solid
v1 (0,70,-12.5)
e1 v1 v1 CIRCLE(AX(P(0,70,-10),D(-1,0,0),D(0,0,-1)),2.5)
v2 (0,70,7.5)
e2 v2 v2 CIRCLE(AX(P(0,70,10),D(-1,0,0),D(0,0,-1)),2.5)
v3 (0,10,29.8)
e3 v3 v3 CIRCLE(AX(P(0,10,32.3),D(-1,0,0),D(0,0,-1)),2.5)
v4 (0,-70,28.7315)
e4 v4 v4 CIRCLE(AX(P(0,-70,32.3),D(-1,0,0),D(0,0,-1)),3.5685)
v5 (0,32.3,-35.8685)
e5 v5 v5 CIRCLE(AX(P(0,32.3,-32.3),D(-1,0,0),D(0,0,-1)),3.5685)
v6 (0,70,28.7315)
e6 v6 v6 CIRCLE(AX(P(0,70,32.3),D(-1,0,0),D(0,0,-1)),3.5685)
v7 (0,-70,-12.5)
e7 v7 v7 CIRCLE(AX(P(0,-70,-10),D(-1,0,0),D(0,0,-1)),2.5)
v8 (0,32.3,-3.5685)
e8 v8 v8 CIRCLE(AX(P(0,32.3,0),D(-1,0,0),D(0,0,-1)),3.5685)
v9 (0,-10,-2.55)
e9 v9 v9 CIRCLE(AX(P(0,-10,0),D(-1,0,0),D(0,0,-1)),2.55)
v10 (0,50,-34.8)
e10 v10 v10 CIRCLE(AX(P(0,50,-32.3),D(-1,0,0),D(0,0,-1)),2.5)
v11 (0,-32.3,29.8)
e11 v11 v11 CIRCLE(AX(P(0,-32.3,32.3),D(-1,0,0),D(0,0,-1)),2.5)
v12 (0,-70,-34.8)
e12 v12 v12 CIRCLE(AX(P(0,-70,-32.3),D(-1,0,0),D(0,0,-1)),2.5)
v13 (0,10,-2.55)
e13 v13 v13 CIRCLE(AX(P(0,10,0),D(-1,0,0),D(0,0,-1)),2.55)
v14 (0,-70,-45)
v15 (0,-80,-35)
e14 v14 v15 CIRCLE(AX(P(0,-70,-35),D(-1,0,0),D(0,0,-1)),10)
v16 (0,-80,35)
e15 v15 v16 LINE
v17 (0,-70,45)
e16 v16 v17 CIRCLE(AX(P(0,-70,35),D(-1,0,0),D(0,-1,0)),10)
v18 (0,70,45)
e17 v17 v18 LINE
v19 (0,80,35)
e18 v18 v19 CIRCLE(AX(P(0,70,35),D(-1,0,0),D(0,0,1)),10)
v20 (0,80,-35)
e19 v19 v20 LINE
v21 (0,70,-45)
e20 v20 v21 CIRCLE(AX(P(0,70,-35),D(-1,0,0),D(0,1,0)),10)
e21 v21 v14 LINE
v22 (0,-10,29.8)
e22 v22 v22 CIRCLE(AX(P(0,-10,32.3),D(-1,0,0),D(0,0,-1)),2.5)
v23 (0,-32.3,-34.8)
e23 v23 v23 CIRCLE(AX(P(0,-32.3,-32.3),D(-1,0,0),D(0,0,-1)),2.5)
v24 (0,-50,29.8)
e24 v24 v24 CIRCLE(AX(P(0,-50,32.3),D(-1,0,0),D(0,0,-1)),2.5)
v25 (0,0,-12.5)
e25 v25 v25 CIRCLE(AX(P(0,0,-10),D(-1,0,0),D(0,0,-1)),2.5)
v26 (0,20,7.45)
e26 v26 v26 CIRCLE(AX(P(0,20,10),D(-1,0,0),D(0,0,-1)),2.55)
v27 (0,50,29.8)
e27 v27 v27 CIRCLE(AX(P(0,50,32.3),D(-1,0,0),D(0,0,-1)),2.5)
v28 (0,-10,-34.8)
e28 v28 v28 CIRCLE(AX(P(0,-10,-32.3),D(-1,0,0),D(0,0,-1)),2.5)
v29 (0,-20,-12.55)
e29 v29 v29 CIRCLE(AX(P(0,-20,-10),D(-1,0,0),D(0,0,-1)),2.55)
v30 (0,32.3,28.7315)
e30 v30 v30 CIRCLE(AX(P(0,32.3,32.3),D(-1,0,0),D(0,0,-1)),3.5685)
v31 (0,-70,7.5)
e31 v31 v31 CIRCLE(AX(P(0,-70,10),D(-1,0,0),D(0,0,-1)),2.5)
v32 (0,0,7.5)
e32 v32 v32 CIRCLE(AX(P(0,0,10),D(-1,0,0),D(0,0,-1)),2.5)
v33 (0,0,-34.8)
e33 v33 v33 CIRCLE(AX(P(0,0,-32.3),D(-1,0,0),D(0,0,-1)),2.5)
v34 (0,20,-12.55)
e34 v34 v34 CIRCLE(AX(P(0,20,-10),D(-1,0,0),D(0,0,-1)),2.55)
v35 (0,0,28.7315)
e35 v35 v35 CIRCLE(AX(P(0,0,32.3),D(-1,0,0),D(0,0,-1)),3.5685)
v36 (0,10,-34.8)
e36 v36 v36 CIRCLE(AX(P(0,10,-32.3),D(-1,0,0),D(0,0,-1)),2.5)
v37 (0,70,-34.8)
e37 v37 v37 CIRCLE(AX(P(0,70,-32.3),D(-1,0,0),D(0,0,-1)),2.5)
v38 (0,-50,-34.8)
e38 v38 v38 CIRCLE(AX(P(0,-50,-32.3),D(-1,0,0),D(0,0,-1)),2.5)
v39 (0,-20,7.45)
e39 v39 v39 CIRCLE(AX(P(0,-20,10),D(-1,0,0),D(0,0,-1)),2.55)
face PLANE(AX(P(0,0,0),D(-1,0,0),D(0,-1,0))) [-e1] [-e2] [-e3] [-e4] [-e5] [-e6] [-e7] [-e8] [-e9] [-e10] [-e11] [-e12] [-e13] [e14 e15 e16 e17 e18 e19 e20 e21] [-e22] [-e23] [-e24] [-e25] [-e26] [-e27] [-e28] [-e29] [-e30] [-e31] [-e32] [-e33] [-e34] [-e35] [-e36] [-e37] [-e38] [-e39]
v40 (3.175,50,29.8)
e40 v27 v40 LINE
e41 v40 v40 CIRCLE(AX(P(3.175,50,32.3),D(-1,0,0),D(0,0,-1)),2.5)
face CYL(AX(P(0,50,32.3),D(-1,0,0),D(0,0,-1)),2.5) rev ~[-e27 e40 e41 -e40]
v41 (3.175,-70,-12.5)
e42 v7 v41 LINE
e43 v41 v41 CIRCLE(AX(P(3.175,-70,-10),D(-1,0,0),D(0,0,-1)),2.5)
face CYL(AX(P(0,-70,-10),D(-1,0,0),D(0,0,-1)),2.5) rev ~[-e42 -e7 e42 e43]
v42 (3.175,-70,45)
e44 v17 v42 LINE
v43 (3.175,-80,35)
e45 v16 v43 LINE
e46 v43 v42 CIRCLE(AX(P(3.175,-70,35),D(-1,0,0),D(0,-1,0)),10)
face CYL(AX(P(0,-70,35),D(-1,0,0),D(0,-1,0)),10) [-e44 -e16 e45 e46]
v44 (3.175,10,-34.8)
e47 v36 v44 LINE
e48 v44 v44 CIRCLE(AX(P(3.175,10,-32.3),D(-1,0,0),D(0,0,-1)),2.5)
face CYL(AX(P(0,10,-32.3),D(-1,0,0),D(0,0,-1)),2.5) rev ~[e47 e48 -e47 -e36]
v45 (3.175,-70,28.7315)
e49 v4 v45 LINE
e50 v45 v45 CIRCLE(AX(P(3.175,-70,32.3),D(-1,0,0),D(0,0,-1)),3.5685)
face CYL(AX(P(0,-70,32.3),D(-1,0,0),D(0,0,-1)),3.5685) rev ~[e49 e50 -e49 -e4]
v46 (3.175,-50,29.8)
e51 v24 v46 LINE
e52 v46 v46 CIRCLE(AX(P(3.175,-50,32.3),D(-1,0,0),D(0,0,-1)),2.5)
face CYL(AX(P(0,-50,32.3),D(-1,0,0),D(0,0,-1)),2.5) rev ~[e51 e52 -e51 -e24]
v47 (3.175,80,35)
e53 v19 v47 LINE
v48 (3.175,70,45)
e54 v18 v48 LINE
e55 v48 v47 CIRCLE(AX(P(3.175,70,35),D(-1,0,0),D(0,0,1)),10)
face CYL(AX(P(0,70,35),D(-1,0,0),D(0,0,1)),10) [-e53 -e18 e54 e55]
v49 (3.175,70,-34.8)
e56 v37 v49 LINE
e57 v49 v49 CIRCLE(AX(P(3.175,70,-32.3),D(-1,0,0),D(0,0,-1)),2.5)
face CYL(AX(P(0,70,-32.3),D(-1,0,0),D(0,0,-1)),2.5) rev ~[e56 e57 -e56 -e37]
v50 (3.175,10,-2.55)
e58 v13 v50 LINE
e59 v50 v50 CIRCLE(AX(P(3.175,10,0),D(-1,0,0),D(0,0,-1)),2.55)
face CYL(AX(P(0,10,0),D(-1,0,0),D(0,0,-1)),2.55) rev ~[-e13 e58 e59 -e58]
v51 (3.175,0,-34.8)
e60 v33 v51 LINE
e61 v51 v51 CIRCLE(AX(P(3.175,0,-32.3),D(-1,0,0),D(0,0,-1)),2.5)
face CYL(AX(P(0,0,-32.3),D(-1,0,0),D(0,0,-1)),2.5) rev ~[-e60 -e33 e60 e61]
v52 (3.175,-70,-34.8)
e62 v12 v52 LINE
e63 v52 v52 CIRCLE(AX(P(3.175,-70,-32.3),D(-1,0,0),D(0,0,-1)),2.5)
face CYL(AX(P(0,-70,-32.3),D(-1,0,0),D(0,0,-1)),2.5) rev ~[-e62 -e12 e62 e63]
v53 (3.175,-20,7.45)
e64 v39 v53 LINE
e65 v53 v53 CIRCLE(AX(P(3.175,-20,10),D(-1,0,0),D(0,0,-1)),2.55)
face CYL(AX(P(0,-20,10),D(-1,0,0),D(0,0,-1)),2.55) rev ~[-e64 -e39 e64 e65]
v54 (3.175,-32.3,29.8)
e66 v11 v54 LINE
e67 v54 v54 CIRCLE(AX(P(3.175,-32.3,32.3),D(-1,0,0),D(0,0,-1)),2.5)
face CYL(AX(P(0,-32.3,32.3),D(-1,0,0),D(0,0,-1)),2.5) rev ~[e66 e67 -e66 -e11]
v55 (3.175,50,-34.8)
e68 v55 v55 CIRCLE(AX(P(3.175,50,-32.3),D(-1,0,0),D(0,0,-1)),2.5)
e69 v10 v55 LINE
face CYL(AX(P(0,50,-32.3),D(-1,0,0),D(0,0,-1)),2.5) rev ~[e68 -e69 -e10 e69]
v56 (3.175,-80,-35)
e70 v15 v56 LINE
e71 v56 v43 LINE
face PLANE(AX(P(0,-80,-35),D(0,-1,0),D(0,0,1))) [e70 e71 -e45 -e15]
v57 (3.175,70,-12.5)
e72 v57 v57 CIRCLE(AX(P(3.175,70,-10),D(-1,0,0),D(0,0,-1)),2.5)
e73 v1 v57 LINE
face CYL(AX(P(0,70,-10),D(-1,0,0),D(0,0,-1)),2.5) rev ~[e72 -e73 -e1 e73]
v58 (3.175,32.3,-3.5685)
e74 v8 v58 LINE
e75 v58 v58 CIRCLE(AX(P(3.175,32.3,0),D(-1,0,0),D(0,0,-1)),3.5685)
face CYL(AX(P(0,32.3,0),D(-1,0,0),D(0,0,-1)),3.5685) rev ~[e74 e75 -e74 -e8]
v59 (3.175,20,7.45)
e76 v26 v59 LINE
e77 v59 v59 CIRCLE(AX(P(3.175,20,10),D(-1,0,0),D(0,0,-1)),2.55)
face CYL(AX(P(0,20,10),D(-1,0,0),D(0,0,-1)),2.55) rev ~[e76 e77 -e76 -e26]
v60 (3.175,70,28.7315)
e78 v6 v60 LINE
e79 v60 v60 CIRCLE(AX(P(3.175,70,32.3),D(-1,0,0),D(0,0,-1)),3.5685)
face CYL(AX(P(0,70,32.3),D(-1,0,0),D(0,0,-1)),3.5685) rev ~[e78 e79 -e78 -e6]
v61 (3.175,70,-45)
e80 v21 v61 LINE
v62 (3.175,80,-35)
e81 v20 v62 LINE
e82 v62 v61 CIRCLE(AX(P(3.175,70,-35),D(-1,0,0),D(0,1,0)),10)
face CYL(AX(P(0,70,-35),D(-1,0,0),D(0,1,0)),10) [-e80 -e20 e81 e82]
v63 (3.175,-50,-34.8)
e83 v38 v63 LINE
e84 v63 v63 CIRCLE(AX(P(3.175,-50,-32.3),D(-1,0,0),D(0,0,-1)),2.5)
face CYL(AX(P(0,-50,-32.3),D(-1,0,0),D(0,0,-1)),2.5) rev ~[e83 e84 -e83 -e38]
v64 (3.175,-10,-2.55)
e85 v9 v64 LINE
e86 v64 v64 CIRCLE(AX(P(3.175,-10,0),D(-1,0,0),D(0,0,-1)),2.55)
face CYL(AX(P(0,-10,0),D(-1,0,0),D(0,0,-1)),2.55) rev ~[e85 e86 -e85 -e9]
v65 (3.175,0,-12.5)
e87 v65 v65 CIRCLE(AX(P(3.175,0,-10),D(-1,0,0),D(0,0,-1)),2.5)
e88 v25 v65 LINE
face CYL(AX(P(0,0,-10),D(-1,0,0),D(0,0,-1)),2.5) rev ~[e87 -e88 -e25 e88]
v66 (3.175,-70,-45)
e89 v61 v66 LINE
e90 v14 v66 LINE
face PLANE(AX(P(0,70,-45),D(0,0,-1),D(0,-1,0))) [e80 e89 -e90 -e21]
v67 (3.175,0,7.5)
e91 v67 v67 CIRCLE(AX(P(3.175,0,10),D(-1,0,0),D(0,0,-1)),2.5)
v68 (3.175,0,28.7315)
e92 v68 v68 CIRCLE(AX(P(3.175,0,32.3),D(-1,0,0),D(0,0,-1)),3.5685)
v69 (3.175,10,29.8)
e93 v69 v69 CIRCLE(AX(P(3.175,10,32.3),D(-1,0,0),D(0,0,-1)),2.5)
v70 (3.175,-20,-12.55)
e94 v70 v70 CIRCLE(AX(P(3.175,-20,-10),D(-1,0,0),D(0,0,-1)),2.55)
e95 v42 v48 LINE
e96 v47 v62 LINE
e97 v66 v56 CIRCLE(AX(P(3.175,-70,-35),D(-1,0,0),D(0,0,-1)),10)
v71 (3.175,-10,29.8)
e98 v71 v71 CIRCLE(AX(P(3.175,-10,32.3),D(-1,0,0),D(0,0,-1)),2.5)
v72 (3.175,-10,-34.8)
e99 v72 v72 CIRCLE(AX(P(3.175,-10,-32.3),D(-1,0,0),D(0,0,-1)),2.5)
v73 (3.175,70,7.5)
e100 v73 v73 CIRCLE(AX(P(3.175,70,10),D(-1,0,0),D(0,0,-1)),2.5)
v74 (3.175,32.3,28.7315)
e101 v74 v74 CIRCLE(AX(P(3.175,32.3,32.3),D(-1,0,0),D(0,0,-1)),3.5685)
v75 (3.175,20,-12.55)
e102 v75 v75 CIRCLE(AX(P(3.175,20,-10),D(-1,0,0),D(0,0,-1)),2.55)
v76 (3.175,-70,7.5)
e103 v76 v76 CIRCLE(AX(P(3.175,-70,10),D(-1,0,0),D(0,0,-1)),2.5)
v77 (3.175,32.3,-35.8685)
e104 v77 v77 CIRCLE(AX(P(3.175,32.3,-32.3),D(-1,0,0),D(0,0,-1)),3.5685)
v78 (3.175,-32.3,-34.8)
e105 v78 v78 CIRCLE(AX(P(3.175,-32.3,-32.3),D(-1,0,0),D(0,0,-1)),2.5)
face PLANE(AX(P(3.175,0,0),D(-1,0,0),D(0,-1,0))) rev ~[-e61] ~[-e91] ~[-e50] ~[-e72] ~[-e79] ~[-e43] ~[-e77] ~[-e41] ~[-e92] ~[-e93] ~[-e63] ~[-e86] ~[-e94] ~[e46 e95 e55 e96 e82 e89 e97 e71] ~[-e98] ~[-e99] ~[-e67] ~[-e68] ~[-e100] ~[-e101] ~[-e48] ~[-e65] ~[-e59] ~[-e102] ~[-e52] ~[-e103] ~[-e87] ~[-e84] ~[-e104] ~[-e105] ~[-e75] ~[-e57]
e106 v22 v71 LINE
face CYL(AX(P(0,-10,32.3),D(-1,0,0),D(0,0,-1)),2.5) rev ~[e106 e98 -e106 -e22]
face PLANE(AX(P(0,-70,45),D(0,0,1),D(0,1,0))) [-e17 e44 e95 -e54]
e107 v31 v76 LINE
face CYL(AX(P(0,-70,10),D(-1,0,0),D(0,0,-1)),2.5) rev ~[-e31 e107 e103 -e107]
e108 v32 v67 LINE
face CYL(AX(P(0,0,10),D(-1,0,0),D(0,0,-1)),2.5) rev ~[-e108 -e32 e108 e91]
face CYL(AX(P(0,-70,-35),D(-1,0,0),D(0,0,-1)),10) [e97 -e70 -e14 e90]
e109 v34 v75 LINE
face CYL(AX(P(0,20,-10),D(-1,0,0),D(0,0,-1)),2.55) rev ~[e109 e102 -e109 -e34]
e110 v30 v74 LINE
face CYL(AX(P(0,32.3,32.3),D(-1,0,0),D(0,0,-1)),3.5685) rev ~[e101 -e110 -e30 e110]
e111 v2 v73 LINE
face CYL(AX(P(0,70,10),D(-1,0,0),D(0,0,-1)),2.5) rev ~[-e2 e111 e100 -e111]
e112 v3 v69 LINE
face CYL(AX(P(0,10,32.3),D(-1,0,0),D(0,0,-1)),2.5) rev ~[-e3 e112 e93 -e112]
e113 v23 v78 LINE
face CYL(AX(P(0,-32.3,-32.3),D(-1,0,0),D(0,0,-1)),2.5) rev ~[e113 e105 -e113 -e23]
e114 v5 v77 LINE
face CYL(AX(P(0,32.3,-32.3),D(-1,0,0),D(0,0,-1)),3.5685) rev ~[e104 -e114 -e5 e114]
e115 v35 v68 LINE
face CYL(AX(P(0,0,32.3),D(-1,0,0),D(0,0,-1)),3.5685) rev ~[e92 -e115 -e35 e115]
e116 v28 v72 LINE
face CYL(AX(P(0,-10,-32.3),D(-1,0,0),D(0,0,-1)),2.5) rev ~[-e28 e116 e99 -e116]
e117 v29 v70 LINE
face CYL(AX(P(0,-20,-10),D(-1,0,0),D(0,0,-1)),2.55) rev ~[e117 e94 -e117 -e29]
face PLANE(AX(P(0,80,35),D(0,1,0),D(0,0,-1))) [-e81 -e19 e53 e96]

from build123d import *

# Parameters (mm, degrees)
SKETCH1_R           = 2.5
SKETCH1_R_2         = 2.55
SKETCH1_R_3         = 3.5685
BOSS_EXTRUDE1_DEPTH = 3.175


with BuildPart() as part:
    # Sketch1 → Boss-Extrude1 (new body)
    with BuildSketch(Plane(origin=(0, 0, 0), x_dir=(0, -1, 0), z_dir=(-1, 0, 0))):
        with BuildLine():
            Line((-80, 35), (-80, -35))
            ThreePointArc((-80, -35), (-77.071067812, -42.071067812), (-70, -45))
            Line((-70, -45), (70, -45))
            ThreePointArc((70, -45), (77.071067812, -42.071067812), (80, -35))
            Line((80, -35), (80, 35))
            ThreePointArc((80, 35), (77.071067812, 42.071067812), (70, 45))
            Line((70, 45), (-70, 45))
            ThreePointArc((-70, 45), (-77.071067812, 42.071067812), (-80, 35))
        make_face()
        with Locations(Location((50, 32.3, 0), (0, 0, 270))):
            Circle(SKETCH1_R, mode=Mode.SUBTRACT)
        with Locations(Location((50, -32.3, 0), (0, 0, 270))):
            Circle(SKETCH1_R, mode=Mode.SUBTRACT)
        with Locations(Location((-50, 32.3, 0), (0, 0, 270))):
            Circle(SKETCH1_R, mode=Mode.SUBTRACT)
        with Locations(Location((-50, -32.3, 0), (0, 0, 270))):
            Circle(SKETCH1_R, mode=Mode.SUBTRACT)
        with Locations(Location((10, 0, 0), (0, 0, 270))):
            Circle(SKETCH1_R_2, mode=Mode.SUBTRACT)
        with Locations(Location((-10, 0, 0), (0, 0, 270))):
            Circle(SKETCH1_R_2, mode=Mode.SUBTRACT)
        with Locations(Location((-20, 10, 0), (0, 0, 270))):
            Circle(SKETCH1_R_2, mode=Mode.SUBTRACT)
        with Locations(Location((-20, -10, 0), (0, 0, 270))):
            Circle(SKETCH1_R_2, mode=Mode.SUBTRACT)
        with Locations(Location((20, 10, 0), (0, 0, 270))):
            Circle(SKETCH1_R_2, mode=Mode.SUBTRACT)
        with Locations(Location((20, -10, 0), (0, 0, 270))):
            Circle(SKETCH1_R_2, mode=Mode.SUBTRACT)
        with Locations(Location((-70, 10, 0), (0, 0, 270))):
            Circle(SKETCH1_R, mode=Mode.SUBTRACT)
        with Locations(Location((70, 10, 0), (0, 0, 270))):
            Circle(SKETCH1_R, mode=Mode.SUBTRACT)
        with Locations(Location((-70, -10, 0), (0, 0, 270))):
            Circle(SKETCH1_R, mode=Mode.SUBTRACT)
        with Locations(Location((70, -10, 0), (0, 0, 270))):
            Circle(SKETCH1_R, mode=Mode.SUBTRACT)
        with Locations(Location((10, -32.3, 0), (0, 0, 270))):
            Circle(SKETCH1_R, mode=Mode.SUBTRACT)
        with Locations(Location((10, 32.3, 0), (0, 0, 270))):
            Circle(SKETCH1_R, mode=Mode.SUBTRACT)
        with Locations(Location((-10, 32.3, 0), (0, 0, 270))):
            Circle(SKETCH1_R, mode=Mode.SUBTRACT)
        with Locations(Location((-32.3, -32.3, 0), (0, 0, 270))):
            Circle(SKETCH1_R_3, mode=Mode.SUBTRACT)
        with Locations(Location((-32.3, 0, 0), (0, 0, 270))):
            Circle(SKETCH1_R_3, mode=Mode.SUBTRACT)
        with Locations(Location((-32.3, 32.3, 0), (0, 0, 270))):
            Circle(SKETCH1_R_3, mode=Mode.SUBTRACT)
        with Locations(Location((32.3, 32.3, 0), (0, 0, 270))):
            Circle(SKETCH1_R, mode=Mode.SUBTRACT)
        with Locations(Location((32.3, -32.3, 0), (0, 0, 270))):
            Circle(SKETCH1_R, mode=Mode.SUBTRACT)
        with Locations(Location((-10, -32.3, 0), (0, 0, 270))):
            Circle(SKETCH1_R, mode=Mode.SUBTRACT)
        with Locations(Location((0, 10, 0), (0, 0, 270))):
            Circle(SKETCH1_R, mode=Mode.SUBTRACT)
        with Locations(Location((0, -10, 0), (0, 0, 270))):
            Circle(SKETCH1_R, mode=Mode.SUBTRACT)
        with Locations(Location((70, 32.3, 0), (0, 0, 270))):
            Circle(SKETCH1_R_3, mode=Mode.SUBTRACT)
        with Locations(Location((0, 32.3, 0), (0, 0, 270))):
            Circle(SKETCH1_R_3, mode=Mode.SUBTRACT)
        with Locations(Location((-70, 32.3, 0), (0, 0, 270))):
            Circle(SKETCH1_R_3, mode=Mode.SUBTRACT)
        with Locations(Location((-70, -32.3, 0), (0, 0, 270))):
            Circle(SKETCH1_R, mode=Mode.SUBTRACT)
        with Locations(Location((70, -32.3, 0), (0, 0, 270))):
            Circle(SKETCH1_R, mode=Mode.SUBTRACT)
        with Locations(Location((0, -32.3, 0), (0, 0, 270))):
            Circle(SKETCH1_R, mode=Mode.SUBTRACT)
    extrude(amount=-BOSS_EXTRUDE1_DEPTH)


solid = part.part
